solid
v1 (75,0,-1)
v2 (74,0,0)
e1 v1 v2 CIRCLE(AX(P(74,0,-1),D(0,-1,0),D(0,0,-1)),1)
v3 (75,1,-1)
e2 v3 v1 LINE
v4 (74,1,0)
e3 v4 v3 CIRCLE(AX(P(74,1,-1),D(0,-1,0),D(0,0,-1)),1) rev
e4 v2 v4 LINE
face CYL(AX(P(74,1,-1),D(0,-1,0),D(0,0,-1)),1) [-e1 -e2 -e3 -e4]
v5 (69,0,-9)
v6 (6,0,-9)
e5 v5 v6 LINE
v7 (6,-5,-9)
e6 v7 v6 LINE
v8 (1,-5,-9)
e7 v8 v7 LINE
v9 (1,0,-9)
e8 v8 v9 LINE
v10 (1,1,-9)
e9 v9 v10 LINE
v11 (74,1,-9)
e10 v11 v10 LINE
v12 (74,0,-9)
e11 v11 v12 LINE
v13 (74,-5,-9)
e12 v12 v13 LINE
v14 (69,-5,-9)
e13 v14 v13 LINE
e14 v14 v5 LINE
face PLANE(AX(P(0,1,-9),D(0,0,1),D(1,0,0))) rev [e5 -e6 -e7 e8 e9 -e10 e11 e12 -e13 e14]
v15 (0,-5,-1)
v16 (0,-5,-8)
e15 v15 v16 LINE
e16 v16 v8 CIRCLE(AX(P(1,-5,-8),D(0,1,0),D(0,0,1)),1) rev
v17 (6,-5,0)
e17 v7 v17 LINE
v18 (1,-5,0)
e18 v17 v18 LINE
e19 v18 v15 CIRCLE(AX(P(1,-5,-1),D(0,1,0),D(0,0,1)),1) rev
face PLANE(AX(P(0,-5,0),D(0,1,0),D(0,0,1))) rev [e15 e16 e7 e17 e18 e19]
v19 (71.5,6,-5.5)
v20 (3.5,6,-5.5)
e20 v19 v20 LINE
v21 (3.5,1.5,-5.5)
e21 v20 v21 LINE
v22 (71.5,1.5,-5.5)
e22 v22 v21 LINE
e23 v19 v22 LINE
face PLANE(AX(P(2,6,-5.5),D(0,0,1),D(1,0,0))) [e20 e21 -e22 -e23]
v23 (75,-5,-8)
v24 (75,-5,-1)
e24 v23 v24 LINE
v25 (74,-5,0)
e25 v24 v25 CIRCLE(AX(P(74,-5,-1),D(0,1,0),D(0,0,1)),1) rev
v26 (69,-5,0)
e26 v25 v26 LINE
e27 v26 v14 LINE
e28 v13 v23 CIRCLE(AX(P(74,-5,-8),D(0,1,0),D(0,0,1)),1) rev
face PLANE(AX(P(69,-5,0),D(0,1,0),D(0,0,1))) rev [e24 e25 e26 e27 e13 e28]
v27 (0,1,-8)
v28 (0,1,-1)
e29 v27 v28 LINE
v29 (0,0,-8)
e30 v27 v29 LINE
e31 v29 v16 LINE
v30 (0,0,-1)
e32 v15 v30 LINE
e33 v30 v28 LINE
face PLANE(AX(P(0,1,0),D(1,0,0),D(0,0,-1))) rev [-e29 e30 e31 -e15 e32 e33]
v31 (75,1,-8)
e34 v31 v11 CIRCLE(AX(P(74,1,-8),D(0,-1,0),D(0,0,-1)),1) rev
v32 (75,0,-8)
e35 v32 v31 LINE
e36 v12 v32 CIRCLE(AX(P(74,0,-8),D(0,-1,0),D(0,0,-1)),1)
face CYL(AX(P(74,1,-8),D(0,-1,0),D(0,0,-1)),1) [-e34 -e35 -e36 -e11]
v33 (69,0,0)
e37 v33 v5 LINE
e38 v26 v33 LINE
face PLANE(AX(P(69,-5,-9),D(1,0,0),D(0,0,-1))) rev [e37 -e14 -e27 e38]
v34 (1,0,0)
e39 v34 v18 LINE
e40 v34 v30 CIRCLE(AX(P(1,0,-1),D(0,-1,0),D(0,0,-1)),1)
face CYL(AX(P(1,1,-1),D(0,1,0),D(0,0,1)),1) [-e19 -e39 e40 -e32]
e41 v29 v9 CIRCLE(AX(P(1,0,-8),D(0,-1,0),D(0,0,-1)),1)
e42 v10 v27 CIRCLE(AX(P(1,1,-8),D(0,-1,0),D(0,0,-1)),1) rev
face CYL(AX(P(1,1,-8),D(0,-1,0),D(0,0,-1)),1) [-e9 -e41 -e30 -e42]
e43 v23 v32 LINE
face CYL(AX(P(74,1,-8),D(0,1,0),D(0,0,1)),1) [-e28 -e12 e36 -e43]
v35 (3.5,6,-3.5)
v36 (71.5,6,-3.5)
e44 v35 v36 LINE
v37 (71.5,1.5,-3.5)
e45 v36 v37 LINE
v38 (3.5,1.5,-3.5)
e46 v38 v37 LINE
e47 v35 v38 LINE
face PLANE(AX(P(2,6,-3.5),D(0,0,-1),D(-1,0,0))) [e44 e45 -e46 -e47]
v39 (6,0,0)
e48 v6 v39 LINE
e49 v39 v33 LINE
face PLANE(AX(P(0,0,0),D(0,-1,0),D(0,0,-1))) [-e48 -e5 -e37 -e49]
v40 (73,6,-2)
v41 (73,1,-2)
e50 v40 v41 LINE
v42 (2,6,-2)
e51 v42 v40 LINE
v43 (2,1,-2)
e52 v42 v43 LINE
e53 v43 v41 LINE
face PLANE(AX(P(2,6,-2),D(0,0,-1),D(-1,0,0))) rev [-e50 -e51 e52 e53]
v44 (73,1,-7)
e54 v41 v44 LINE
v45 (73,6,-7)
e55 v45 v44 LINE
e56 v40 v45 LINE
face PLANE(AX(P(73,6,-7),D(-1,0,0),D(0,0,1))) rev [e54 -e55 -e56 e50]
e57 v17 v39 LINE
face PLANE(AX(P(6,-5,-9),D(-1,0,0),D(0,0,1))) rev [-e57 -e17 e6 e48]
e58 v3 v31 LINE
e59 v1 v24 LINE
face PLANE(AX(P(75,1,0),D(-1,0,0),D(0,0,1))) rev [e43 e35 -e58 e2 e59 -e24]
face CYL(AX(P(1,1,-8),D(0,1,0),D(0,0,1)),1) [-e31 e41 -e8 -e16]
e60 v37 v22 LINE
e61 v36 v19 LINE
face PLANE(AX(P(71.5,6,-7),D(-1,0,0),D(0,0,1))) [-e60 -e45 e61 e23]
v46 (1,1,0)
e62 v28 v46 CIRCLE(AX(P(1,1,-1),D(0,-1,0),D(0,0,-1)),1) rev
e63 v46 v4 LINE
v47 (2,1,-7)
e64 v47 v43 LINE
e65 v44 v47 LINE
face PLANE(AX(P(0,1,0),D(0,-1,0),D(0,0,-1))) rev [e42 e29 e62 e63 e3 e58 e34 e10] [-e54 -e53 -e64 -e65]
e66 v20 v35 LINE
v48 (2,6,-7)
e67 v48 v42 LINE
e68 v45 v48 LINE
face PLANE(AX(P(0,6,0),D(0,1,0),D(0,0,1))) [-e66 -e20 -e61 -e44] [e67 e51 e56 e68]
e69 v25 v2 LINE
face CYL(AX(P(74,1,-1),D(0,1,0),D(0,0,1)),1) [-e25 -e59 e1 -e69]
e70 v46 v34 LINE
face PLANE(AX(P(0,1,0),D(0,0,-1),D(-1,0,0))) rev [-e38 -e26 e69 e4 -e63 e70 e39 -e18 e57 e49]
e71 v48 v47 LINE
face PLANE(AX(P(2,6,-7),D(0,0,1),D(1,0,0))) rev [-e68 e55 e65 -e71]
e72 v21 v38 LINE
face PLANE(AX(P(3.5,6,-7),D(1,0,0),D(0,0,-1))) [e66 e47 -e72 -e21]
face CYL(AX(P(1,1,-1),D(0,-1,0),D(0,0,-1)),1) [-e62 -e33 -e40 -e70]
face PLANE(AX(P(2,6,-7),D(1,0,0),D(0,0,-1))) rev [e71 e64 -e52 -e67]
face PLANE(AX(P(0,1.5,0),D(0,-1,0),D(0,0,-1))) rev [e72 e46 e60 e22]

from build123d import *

# Parameters (mm, degrees)
SKETCH1_W           = 75
SKETCH1_H           = 9
BOSS_EXTRUDE1_DEPTH = 1
FILLET1_R           = 1
SKETCH8_W           = 71
SKETCH8_H           = 5
BOSS_EXTRUDE2_DEPTH = 6
SHELL1_T            = -1.5
SKETCH9_W           = 6
SKETCH9_H           = 9
BOSS_EXTRUDE3_DEPTH = 5
LPATTERN1_COUNT     = 2
LPATTERN1_PITCH     = 69
FILLET2_R           = 1


with BuildPart() as part:
    # Sketch1 → Boss-Extrude1 (new body)
    with BuildSketch(Plane(origin=(0, 0, 0), x_dir=(1, 0, 0), z_dir=(0, 1, 0))):
        with Locations((37.5, 4.5)):
            Rectangle(SKETCH1_W, SKETCH1_H)
    extrude(amount=BOSS_EXTRUDE1_DEPTH)

    # Fillet1
    fillet1_edges = [part.edges().sort_by_distance(p)[0] for p in [
        (0, 0.5, -9),
        (75, 0.5, -9),
        (75, 0.5, 0),
        (0, 0.5, 0),
    ]]
    fillet(fillet1_edges, radius=FILLET1_R)

    # Sketch8 → Boss-Extrude2 (add)
    with BuildSketch(Plane(origin=(0, 0, 0), x_dir=(1, 0, 0), z_dir=(0, 1, 0))):
        with Locations((37.5, 4.5)):
            Rectangle(SKETCH8_W, SKETCH8_H)
    extrude(amount=BOSS_EXTRUDE2_DEPTH)

    # Shell1
    shell1_openings = [part.faces().sort_by_distance(p)[0] for p in [
        (37.5, 6, -4.5),
    ]]
    offset(amount=SHELL1_T, openings=shell1_openings, kind=Kind.INTERSECTION)

    # Sketch9 → Boss-Extrude3 (add)
    with BuildSketch(Plane(origin=(0, 0, 0), x_dir=(-1, 0, 0), z_dir=(0, -1, 0))):
        with Locations((-3, 4.5)):
            Rectangle(SKETCH9_W, SKETCH9_H)
    boss_extrude3 = extrude(amount=BOSS_EXTRUDE3_DEPTH)

    # LPattern1: Boss-Extrude3 ×2
    with Locations(*[(i * LPATTERN1_PITCH, 0, 0) for i in range(1, LPATTERN1_COUNT)]):
        add(boss_extrude3)

    # Fillet2
    fillet2_edges = [part.edges().sort_by_distance(p)[0] for p in [
        (0, -2.5, 0),
        (0, -2.5, -9),
        (75, -2.5, -9),
        (75, -2.5, 0),
    ]]
    fillet(fillet2_edges, radius=FILLET2_R)


solid = part.part
